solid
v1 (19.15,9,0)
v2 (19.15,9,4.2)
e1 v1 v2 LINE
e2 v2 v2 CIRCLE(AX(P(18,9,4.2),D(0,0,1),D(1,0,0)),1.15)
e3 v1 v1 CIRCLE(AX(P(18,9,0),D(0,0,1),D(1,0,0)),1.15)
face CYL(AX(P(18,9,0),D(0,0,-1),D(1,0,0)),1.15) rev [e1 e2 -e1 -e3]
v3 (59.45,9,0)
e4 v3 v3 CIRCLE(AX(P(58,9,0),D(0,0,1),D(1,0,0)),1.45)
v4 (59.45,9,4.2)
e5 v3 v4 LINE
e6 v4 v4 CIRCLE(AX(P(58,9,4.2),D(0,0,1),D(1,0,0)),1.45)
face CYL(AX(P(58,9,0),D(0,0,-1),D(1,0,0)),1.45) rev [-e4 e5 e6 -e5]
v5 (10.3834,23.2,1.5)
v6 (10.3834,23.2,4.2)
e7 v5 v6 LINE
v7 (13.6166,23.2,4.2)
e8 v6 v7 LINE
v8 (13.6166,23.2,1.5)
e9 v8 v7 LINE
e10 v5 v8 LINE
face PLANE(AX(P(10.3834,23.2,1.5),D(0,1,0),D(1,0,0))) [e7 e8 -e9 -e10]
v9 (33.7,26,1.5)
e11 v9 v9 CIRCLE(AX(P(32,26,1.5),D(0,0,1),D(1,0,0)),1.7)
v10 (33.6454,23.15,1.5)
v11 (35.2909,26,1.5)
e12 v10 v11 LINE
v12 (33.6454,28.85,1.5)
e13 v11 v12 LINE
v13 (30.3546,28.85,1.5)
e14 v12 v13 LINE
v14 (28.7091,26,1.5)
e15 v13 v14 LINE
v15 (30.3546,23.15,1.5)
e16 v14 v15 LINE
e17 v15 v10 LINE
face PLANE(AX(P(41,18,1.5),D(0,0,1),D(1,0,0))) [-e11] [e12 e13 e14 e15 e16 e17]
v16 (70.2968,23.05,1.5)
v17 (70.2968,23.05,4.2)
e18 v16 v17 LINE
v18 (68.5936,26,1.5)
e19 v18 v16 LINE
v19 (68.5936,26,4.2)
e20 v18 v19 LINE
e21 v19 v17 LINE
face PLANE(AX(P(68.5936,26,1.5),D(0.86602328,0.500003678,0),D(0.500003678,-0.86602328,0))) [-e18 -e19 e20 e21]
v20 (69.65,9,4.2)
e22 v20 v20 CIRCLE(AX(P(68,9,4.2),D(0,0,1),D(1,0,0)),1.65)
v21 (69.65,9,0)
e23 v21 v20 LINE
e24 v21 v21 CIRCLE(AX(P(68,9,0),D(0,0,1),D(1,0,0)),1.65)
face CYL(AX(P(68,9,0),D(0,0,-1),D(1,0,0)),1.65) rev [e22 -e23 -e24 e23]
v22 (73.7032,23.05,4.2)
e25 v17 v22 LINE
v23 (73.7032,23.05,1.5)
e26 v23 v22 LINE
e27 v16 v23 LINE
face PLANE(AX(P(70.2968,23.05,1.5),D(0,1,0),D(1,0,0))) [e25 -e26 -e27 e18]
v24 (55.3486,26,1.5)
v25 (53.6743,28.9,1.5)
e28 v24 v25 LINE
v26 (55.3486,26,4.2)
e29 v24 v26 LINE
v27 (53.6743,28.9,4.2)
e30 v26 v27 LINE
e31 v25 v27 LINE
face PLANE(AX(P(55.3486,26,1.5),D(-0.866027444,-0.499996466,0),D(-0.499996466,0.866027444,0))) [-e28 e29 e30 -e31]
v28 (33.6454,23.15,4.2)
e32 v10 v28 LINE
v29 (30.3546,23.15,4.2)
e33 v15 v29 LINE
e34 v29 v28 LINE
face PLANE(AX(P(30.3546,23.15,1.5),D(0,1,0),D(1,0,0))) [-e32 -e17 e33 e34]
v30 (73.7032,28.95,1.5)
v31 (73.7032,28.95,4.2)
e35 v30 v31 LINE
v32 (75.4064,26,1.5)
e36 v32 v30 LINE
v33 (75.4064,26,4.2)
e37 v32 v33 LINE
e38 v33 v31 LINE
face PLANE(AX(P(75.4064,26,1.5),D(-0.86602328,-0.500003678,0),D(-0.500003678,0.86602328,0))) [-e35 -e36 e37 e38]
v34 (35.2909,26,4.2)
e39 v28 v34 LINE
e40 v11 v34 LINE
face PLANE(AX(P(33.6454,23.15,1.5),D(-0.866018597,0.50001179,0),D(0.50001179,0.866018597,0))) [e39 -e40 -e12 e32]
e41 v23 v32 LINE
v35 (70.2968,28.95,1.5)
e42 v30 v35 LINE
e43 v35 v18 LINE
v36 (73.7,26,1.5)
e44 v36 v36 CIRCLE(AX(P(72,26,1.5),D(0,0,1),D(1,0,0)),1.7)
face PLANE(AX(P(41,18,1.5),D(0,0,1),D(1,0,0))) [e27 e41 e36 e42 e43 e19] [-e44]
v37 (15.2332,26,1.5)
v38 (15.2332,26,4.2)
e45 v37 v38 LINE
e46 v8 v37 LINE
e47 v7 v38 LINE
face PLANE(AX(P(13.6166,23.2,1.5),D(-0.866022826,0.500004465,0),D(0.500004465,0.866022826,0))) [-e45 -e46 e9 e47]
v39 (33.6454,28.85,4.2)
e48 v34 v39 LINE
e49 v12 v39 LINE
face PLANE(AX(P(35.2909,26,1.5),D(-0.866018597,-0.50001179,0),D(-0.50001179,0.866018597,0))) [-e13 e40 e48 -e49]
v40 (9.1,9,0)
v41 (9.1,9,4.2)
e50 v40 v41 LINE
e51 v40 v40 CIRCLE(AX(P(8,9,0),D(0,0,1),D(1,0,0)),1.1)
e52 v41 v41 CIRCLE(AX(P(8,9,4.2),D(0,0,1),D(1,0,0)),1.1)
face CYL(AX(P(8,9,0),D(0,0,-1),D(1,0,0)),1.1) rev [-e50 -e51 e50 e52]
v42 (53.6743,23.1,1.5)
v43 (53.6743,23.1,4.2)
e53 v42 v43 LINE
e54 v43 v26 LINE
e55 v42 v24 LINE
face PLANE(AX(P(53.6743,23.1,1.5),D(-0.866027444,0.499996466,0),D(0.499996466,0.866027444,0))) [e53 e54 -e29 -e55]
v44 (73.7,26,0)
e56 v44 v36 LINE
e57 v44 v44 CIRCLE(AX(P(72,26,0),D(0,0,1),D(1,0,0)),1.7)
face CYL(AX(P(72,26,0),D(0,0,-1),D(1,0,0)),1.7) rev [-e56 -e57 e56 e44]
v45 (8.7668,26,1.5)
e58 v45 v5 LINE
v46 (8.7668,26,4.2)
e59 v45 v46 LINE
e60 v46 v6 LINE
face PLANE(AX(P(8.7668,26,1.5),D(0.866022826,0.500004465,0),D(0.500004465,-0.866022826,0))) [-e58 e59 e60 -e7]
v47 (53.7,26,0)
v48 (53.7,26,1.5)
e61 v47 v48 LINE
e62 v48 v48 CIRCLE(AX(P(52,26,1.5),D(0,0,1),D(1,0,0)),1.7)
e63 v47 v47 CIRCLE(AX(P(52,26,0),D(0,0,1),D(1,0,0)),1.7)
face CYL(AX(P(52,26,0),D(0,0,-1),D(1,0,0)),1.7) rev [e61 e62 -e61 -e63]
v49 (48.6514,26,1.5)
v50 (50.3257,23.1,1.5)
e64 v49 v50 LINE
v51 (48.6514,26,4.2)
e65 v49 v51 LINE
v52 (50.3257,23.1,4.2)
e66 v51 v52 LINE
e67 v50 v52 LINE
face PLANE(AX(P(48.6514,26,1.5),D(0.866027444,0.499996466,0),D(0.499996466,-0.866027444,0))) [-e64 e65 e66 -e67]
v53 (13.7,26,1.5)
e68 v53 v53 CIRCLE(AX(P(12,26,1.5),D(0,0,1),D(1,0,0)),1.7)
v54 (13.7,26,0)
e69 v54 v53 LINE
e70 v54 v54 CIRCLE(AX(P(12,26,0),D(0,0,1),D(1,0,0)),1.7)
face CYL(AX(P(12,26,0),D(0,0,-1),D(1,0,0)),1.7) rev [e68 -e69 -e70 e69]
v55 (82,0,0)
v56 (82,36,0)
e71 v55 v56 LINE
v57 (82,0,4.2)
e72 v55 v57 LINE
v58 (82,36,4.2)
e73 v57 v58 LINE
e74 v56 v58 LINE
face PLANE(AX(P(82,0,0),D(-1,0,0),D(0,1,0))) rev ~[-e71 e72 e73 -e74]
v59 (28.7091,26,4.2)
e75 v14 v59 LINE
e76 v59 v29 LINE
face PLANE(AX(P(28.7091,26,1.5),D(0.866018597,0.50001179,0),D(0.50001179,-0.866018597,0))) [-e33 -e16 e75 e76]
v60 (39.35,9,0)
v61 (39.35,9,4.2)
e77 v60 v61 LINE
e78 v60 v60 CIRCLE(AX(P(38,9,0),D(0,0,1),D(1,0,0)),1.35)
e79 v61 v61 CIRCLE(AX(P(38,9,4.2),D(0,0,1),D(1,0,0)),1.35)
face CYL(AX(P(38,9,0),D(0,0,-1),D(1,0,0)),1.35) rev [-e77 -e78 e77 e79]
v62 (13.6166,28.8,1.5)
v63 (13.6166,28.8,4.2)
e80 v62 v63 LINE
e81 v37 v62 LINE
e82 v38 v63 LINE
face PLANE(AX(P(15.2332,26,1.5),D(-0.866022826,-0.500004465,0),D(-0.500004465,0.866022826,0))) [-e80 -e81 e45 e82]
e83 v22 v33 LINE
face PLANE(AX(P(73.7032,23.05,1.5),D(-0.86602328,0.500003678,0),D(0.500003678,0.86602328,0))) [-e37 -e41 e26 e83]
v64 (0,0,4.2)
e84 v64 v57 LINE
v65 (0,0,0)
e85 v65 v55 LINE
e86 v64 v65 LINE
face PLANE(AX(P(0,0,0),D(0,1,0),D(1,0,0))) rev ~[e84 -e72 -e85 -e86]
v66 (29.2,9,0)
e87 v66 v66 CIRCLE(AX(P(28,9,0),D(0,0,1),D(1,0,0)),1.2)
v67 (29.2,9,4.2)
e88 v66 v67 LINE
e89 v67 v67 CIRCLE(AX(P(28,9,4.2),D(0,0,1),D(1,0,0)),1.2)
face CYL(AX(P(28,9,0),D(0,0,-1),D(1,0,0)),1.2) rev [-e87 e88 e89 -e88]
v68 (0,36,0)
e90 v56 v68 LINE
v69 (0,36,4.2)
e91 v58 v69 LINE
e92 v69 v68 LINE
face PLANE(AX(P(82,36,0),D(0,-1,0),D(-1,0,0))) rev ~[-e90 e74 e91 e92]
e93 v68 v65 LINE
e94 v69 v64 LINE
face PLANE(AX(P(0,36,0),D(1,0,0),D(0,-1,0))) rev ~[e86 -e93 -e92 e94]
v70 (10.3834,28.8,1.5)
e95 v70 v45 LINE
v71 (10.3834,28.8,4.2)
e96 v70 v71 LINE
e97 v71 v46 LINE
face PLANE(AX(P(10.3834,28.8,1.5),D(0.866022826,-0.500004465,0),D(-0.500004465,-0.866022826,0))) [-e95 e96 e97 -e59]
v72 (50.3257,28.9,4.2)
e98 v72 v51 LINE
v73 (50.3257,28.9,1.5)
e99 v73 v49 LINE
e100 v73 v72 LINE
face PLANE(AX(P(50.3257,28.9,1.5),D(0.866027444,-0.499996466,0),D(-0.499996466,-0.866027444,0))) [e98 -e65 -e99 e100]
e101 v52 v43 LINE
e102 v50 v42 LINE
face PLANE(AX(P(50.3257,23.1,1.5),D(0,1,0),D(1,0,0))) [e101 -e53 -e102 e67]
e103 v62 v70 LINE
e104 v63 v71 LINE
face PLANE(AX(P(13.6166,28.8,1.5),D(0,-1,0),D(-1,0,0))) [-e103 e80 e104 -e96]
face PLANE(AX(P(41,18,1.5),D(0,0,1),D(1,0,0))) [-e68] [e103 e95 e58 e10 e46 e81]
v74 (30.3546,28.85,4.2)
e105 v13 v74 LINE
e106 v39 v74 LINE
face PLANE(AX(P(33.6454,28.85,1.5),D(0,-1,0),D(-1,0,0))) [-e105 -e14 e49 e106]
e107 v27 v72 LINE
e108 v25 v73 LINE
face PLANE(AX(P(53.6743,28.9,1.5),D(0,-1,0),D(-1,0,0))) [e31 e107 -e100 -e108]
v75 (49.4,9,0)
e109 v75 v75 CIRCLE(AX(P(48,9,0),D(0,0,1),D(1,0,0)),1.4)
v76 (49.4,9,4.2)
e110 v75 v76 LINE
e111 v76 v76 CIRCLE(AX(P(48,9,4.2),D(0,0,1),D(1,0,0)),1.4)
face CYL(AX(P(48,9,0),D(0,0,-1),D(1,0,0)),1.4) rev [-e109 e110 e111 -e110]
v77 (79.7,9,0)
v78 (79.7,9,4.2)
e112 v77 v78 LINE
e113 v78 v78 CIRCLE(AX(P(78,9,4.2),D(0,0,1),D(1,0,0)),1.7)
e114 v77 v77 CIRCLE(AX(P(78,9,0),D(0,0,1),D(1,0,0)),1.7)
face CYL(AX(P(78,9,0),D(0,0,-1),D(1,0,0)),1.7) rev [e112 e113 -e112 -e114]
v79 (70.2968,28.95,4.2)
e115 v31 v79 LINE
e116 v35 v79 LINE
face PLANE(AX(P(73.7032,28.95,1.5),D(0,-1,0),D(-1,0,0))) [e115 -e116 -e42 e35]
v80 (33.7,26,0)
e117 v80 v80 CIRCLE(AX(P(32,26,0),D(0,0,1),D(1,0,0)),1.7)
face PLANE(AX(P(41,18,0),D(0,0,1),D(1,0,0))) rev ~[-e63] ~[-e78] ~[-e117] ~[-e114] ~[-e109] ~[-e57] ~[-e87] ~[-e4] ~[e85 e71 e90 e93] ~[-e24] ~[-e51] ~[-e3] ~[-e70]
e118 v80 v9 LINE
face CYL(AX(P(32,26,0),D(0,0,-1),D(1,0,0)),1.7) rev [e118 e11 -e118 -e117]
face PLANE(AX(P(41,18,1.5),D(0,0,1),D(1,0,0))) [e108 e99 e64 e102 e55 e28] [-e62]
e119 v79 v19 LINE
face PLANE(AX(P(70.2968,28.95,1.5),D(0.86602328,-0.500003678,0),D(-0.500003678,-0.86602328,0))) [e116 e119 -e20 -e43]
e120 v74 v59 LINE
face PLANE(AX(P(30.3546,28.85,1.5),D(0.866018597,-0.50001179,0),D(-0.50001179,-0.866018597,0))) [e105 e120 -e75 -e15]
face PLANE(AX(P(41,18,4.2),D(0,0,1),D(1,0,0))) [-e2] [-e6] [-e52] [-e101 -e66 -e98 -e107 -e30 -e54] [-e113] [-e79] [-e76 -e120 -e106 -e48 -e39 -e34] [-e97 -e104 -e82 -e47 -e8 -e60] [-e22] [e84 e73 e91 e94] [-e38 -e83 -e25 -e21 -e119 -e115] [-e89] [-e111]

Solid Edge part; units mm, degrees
sketch "Sketch1" plane through (0, 0, 0) normal (0, 0, 1) x (1, 0, 0)
  line L0 (0, 0) -> (82, 0)
  line L1 (82, 0) -> (82, 36)
  line L2 (82, 36) -> (0, 36)
  line L3 (0, 36) -> (0, 0)
  circle A0 centre (8, 9) radius 1.1
  circle A1 centre (18, 9) radius 1.15
  circle A2 centre (28, 9) radius 1.2
  circle A3 centre (38, 9) radius 1.35
  circle A4 centre (48, 9) radius 1.4
  circle A5 centre (58, 9) radius 1.45
  circle A6 centre (68, 9) radius 1.65
  circle A7 centre (78, 9) radius 1.7
  circle A8 centre (12, 26) radius 1.7
  circle A9 centre (32, 26) radius 1.7
  circle A10 centre (52, 26) radius 1.7
  circle A11 centre (72, 26) radius 1.7
extrude "Protrusion1" add sketch "Sketch1" along normal blind 1.5
sketch "Sketch2" plane through (0, 0, 1.5) normal (0, 0, 1) x (1, 0, 0)
  line L0 (0, 0) -> (82, 0)
  line L1 (82, 0) -> (82, 36)
  line L2 (82, 36) -> (0, 36)
  line L3 (0, 36) -> (0, 0)
  circle A0 centre (8, 9) radius 1.1
  circle A1 centre (18, 9) radius 1.15
  circle A2 centre (28, 9) radius 1.2
  circle A3 centre (38, 9) radius 1.35
  circle A4 centre (48, 9) radius 1.4
  circle A5 centre (58, 9) radius 1.45
  circle A6 centre (68, 9) radius 1.65
  circle A7 centre (78, 9) radius 1.7
  line L4 (15.2332, 26) -> (13.6166, 28.8)
  line L5 (13.6166, 28.8) -> (10.3834, 28.8)
  line L6 (10.3834, 28.8) -> (8.7668, 26)
  line L7 (8.7668, 26) -> (10.3834, 23.2)
  line L8 (10.3834, 23.2) -> (13.6166, 23.2)
  line L9 (13.6166, 23.2) -> (15.2332, 26)
  line L10 (35.2909, 26) -> (33.6454, 28.85)
  line L11 (33.6454, 28.85) -> (30.3546, 28.85)
  line L12 (30.3546, 28.85) -> (28.7091, 26)
  line L13 (28.7091, 26) -> (30.3546, 23.15)
  line L14 (30.3546, 23.15) -> (33.6454, 23.15)
  line L15 (33.6454, 23.15) -> (35.2909, 26)
  line L16 (55.3486, 26) -> (53.6743, 28.9)
  line L17 (53.6743, 28.9) -> (50.3257, 28.9)
  line L18 (50.3257, 28.9) -> (48.6514, 26)
  line L19 (48.6514, 26) -> (50.3257, 23.1)
  line L20 (50.3257, 23.1) -> (53.6743, 23.1)
  line L21 (53.6743, 23.1) -> (55.3486, 26)
  line L22 (75.4064, 26) -> (73.7032, 28.95)
  line L23 (73.7032, 28.95) -> (70.2968, 28.95)
  line L24 (70.2968, 28.95) -> (68.5936, 26)
  line L25 (68.5936, 26) -> (70.2968, 23.05)
  line L26 (70.2968, 23.05) -> (73.7032, 23.05)
  line L27 (73.7032, 23.05) -> (75.4064, 26)
extrude "ExtrudedProtrusion_2" add sketch "Sketch2" along normal blind 2.7
